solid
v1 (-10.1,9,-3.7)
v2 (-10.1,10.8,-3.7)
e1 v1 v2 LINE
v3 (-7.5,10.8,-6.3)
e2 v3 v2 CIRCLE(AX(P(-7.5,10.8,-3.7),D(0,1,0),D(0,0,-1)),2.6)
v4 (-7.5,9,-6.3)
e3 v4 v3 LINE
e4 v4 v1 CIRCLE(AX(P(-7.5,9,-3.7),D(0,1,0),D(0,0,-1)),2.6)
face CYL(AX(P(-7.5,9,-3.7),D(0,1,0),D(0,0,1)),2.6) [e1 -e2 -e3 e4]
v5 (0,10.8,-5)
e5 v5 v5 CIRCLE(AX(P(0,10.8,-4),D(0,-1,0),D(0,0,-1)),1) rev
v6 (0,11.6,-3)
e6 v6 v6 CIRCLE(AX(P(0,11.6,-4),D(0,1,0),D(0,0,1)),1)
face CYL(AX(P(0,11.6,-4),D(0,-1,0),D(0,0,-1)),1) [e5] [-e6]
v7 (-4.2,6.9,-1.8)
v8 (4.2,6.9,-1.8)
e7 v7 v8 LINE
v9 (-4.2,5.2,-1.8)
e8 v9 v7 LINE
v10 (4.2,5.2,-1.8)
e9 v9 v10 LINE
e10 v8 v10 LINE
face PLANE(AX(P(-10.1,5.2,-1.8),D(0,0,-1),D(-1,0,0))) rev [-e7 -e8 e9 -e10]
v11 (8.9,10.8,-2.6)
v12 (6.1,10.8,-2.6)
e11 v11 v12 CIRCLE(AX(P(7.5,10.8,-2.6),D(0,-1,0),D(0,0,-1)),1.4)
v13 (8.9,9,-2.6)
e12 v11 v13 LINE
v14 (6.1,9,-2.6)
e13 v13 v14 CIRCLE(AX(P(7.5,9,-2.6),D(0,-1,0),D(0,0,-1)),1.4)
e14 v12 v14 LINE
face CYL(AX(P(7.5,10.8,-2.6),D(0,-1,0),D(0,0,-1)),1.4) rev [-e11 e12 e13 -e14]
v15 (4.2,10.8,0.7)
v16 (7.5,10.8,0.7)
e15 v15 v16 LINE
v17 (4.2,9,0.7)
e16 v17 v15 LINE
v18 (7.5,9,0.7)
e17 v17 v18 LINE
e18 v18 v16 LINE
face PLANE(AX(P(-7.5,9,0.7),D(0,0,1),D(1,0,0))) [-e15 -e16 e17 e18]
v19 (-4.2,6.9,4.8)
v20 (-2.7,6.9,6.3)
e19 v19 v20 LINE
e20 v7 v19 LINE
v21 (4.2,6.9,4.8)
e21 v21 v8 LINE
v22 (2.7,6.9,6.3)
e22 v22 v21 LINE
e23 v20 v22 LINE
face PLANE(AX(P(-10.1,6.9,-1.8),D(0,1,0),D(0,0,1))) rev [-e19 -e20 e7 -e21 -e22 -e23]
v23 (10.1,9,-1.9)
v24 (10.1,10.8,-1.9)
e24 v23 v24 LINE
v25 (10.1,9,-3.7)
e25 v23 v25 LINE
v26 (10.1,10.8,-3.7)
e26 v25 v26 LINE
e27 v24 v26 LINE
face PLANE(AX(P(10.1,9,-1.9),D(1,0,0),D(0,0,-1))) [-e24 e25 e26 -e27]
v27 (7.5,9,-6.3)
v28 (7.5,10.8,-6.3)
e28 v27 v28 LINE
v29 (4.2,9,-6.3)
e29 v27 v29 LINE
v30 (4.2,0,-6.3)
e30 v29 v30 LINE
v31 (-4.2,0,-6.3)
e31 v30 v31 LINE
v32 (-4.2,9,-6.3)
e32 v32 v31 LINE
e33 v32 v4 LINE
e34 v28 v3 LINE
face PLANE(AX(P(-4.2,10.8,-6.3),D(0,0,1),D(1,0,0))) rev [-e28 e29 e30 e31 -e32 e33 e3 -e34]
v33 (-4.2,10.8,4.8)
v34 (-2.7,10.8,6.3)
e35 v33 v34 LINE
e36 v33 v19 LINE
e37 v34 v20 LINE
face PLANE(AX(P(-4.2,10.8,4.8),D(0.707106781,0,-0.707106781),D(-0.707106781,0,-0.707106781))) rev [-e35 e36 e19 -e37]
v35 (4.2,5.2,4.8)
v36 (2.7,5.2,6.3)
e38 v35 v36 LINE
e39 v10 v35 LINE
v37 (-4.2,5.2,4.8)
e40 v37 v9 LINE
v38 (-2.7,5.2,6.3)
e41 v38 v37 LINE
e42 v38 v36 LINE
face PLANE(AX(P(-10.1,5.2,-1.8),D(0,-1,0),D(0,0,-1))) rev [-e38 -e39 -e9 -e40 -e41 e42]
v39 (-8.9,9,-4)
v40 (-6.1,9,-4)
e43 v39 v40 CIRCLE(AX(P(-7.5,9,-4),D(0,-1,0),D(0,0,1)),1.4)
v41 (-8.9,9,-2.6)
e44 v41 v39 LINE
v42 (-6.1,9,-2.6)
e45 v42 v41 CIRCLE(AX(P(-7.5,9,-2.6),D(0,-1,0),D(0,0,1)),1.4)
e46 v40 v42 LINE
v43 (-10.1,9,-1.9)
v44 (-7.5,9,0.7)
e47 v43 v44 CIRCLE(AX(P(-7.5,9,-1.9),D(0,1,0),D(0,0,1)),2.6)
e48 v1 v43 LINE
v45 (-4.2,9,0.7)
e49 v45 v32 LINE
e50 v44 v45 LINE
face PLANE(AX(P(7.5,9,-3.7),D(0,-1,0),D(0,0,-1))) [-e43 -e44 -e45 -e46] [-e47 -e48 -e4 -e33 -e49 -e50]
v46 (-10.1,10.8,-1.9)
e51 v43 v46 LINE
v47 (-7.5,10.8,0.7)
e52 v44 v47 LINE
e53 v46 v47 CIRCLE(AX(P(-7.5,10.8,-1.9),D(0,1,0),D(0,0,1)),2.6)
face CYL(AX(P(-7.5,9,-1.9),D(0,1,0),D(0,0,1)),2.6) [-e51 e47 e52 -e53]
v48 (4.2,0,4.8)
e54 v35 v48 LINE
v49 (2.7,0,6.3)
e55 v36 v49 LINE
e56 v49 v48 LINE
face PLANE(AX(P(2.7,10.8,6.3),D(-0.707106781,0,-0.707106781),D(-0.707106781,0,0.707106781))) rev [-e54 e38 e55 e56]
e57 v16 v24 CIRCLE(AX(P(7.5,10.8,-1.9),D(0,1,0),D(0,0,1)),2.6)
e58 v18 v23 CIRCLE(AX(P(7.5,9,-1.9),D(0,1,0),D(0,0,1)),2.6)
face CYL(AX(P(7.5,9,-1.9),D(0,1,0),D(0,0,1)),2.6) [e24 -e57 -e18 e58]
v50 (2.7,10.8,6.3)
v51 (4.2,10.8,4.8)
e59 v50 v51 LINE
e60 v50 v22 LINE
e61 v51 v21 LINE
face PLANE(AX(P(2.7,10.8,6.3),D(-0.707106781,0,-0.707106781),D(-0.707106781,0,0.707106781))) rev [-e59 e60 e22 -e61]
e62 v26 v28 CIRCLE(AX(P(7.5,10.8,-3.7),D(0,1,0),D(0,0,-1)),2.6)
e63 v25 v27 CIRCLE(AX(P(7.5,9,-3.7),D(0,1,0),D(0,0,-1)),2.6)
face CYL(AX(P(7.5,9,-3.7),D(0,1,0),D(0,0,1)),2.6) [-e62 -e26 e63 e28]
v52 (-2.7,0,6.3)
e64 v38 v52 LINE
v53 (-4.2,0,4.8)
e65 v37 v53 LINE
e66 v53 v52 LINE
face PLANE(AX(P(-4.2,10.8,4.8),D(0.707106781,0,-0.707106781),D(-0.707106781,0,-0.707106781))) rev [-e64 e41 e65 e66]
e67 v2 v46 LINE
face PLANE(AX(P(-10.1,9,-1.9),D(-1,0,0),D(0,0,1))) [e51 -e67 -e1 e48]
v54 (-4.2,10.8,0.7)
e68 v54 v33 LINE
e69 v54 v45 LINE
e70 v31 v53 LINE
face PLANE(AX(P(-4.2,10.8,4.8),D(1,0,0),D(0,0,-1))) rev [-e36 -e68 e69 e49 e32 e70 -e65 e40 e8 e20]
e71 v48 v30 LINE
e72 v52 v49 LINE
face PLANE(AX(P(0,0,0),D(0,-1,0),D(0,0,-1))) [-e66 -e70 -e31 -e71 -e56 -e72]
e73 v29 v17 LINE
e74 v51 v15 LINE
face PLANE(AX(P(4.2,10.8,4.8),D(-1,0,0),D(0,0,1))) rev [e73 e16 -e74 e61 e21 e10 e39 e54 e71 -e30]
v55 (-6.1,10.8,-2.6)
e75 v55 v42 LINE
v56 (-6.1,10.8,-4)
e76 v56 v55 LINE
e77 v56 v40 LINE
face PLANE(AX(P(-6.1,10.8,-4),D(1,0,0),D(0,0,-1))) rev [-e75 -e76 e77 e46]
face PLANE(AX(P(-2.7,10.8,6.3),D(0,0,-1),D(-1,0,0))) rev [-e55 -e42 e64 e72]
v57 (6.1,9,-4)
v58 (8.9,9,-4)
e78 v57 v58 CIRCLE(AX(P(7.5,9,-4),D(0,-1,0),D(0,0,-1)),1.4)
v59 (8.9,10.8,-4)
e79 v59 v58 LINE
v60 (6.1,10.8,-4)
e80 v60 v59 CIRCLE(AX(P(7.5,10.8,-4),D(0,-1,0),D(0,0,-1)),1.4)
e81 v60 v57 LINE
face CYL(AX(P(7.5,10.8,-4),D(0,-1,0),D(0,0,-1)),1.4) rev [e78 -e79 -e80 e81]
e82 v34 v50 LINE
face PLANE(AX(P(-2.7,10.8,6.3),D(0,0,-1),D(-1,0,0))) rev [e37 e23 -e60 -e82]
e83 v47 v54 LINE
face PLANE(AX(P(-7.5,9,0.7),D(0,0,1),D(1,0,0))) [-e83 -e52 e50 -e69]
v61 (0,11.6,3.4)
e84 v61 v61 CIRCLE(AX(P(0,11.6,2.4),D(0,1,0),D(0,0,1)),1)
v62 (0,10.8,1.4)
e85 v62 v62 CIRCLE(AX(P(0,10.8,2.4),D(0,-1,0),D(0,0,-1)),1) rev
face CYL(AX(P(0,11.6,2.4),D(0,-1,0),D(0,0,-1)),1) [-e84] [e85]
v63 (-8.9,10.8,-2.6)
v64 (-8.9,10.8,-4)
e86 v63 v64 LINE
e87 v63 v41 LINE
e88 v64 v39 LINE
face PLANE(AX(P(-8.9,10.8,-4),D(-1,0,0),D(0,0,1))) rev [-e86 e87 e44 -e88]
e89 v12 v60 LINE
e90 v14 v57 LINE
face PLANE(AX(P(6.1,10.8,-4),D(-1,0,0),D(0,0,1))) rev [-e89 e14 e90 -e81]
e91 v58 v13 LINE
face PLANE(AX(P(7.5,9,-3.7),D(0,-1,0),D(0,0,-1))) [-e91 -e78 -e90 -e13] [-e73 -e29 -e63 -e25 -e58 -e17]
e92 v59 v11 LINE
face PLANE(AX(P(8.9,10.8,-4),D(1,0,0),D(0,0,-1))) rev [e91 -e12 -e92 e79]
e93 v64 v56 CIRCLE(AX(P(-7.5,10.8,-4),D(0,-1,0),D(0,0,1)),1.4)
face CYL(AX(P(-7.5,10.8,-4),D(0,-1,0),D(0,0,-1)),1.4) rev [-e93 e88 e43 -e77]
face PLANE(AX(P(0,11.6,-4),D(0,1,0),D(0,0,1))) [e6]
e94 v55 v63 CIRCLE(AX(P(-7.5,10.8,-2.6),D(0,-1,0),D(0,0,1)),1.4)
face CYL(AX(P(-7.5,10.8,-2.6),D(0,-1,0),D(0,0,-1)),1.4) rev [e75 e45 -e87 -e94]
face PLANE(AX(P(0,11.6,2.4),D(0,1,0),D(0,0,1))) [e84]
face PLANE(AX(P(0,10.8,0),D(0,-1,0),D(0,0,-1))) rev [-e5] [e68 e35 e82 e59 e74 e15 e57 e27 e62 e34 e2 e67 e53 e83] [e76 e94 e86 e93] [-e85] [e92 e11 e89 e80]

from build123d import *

# Parameters (mm, degrees)
BOSS_EXTRUDE1_DEPTH     = 10.8
BOSS_EXTRUDE2_DEPTH     = 1.8
CUT_EXTRUDE1_DEPTH      = 15.9231364
CUT_EXTRUDE2_DEPTH      = 19.995262567
CUT_EXTRUDE2_DEPTH_BACK = 19.995262567
SKETCH4_W               = 8.1
SKETCH4_H               = 1.7
SKETCH6_R               = 1
BOSS_EXTRUDE3_DEPTH     = 0.8


with BuildPart() as part:
    # Sketch1 → Boss-Extrude1 (new body)
    with BuildSketch(Plane(origin=(0, 0, 0), x_dir=(1, 0, 0), z_dir=(0, 1, 0))):
        Polygon((2.7, -6.3), (4.2, -4.8), (4.2, 6.3), (-4.2, 6.3), (-4.2, -4.8), (-2.7, -6.3), align=None)
    extrude(amount=BOSS_EXTRUDE1_DEPTH)

    # Sketch2 → Boss-Extrude2 (add)
    with BuildSketch(Plane(origin=(0, 10.8, 0), x_dir=(1, 0, 0), z_dir=(0, 1, 0))):
        with BuildLine():
            Line((-7.5, -0.7), (7.5, -0.7))
            ThreePointArc((7.5, -0.7), (9.338477631, 0.061522369), (10.1, 1.9))
            Line((10.1, 1.9), (10.1, 3.7))
            ThreePointArc((10.1, 3.7), (9.338477631, 5.538477631), (7.5, 6.3))
            Line((7.5, 6.3), (-7.5, 6.3))
            ThreePointArc((-7.5, 6.3), (-9.338477631, 5.538477631), (-10.1, 3.7))
            Line((-10.1, 3.7), (-10.1, 1.9))
            ThreePointArc((-10.1, 1.9), (-9.338477631, 0.061522369), (-7.5, -0.7))
        make_face()
    extrude(amount=-BOSS_EXTRUDE2_DEPTH)

    # Sketch3 → Cut-Extrude1 (cut, through all)
    with BuildSketch(Plane.XZ.offset(-9)):
        with BuildLine():
            Line((6.1, -4), (6.1, -2.6))
            ThreePointArc((6.1, -2.6), (7.5, -1.2), (8.9, -2.6))
            Line((8.9, -2.6), (8.9, -4))
            ThreePointArc((8.9, -4), (7.5, -5.4), (6.1, -4))
        make_face()
        with BuildLine():
            Line((-6.1, -4), (-6.1, -2.6))
            ThreePointArc((-6.1, -2.6), (-7.5, -1.2), (-8.9, -2.6))
            Line((-8.9, -2.6), (-8.9, -4))
            ThreePointArc((-8.9, -4), (-7.5, -5.4), (-6.1, -4))
        make_face()
    extrude(amount=-CUT_EXTRUDE1_DEPTH, mode=Mode.SUBTRACT)

    # Sketch4 → Cut-Extrude2 (cut, two sides: drawn at the far end of the back side and taken through both)
    with BuildSketch(Plane(origin=(4.2, 0, 0), x_dir=(0, 0, -1), z_dir=(1, 0, 0)).offset(-CUT_EXTRUDE2_DEPTH_BACK)):
        with Locations((-2.25, 6.05)):
            Rectangle(SKETCH4_W, SKETCH4_H)
    extrude(amount=CUT_EXTRUDE2_DEPTH + CUT_EXTRUDE2_DEPTH_BACK, mode=Mode.SUBTRACT)

    # Sketch6 → Boss-Extrude3 (add)
    with BuildSketch(Plane(origin=(0, 10.8, 0), x_dir=(1, 0, 0), z_dir=(0, 1, 0))):
        with Locations(Location((0, -2.4, 0), (0, 0, 90))):
            Circle(SKETCH6_R)
        with Locations(Location((0, 4, 0), (0, 0, 90))):
            Circle(SKETCH6_R)
    extrude(amount=BOSS_EXTRUDE3_DEPTH)


solid = part.part
